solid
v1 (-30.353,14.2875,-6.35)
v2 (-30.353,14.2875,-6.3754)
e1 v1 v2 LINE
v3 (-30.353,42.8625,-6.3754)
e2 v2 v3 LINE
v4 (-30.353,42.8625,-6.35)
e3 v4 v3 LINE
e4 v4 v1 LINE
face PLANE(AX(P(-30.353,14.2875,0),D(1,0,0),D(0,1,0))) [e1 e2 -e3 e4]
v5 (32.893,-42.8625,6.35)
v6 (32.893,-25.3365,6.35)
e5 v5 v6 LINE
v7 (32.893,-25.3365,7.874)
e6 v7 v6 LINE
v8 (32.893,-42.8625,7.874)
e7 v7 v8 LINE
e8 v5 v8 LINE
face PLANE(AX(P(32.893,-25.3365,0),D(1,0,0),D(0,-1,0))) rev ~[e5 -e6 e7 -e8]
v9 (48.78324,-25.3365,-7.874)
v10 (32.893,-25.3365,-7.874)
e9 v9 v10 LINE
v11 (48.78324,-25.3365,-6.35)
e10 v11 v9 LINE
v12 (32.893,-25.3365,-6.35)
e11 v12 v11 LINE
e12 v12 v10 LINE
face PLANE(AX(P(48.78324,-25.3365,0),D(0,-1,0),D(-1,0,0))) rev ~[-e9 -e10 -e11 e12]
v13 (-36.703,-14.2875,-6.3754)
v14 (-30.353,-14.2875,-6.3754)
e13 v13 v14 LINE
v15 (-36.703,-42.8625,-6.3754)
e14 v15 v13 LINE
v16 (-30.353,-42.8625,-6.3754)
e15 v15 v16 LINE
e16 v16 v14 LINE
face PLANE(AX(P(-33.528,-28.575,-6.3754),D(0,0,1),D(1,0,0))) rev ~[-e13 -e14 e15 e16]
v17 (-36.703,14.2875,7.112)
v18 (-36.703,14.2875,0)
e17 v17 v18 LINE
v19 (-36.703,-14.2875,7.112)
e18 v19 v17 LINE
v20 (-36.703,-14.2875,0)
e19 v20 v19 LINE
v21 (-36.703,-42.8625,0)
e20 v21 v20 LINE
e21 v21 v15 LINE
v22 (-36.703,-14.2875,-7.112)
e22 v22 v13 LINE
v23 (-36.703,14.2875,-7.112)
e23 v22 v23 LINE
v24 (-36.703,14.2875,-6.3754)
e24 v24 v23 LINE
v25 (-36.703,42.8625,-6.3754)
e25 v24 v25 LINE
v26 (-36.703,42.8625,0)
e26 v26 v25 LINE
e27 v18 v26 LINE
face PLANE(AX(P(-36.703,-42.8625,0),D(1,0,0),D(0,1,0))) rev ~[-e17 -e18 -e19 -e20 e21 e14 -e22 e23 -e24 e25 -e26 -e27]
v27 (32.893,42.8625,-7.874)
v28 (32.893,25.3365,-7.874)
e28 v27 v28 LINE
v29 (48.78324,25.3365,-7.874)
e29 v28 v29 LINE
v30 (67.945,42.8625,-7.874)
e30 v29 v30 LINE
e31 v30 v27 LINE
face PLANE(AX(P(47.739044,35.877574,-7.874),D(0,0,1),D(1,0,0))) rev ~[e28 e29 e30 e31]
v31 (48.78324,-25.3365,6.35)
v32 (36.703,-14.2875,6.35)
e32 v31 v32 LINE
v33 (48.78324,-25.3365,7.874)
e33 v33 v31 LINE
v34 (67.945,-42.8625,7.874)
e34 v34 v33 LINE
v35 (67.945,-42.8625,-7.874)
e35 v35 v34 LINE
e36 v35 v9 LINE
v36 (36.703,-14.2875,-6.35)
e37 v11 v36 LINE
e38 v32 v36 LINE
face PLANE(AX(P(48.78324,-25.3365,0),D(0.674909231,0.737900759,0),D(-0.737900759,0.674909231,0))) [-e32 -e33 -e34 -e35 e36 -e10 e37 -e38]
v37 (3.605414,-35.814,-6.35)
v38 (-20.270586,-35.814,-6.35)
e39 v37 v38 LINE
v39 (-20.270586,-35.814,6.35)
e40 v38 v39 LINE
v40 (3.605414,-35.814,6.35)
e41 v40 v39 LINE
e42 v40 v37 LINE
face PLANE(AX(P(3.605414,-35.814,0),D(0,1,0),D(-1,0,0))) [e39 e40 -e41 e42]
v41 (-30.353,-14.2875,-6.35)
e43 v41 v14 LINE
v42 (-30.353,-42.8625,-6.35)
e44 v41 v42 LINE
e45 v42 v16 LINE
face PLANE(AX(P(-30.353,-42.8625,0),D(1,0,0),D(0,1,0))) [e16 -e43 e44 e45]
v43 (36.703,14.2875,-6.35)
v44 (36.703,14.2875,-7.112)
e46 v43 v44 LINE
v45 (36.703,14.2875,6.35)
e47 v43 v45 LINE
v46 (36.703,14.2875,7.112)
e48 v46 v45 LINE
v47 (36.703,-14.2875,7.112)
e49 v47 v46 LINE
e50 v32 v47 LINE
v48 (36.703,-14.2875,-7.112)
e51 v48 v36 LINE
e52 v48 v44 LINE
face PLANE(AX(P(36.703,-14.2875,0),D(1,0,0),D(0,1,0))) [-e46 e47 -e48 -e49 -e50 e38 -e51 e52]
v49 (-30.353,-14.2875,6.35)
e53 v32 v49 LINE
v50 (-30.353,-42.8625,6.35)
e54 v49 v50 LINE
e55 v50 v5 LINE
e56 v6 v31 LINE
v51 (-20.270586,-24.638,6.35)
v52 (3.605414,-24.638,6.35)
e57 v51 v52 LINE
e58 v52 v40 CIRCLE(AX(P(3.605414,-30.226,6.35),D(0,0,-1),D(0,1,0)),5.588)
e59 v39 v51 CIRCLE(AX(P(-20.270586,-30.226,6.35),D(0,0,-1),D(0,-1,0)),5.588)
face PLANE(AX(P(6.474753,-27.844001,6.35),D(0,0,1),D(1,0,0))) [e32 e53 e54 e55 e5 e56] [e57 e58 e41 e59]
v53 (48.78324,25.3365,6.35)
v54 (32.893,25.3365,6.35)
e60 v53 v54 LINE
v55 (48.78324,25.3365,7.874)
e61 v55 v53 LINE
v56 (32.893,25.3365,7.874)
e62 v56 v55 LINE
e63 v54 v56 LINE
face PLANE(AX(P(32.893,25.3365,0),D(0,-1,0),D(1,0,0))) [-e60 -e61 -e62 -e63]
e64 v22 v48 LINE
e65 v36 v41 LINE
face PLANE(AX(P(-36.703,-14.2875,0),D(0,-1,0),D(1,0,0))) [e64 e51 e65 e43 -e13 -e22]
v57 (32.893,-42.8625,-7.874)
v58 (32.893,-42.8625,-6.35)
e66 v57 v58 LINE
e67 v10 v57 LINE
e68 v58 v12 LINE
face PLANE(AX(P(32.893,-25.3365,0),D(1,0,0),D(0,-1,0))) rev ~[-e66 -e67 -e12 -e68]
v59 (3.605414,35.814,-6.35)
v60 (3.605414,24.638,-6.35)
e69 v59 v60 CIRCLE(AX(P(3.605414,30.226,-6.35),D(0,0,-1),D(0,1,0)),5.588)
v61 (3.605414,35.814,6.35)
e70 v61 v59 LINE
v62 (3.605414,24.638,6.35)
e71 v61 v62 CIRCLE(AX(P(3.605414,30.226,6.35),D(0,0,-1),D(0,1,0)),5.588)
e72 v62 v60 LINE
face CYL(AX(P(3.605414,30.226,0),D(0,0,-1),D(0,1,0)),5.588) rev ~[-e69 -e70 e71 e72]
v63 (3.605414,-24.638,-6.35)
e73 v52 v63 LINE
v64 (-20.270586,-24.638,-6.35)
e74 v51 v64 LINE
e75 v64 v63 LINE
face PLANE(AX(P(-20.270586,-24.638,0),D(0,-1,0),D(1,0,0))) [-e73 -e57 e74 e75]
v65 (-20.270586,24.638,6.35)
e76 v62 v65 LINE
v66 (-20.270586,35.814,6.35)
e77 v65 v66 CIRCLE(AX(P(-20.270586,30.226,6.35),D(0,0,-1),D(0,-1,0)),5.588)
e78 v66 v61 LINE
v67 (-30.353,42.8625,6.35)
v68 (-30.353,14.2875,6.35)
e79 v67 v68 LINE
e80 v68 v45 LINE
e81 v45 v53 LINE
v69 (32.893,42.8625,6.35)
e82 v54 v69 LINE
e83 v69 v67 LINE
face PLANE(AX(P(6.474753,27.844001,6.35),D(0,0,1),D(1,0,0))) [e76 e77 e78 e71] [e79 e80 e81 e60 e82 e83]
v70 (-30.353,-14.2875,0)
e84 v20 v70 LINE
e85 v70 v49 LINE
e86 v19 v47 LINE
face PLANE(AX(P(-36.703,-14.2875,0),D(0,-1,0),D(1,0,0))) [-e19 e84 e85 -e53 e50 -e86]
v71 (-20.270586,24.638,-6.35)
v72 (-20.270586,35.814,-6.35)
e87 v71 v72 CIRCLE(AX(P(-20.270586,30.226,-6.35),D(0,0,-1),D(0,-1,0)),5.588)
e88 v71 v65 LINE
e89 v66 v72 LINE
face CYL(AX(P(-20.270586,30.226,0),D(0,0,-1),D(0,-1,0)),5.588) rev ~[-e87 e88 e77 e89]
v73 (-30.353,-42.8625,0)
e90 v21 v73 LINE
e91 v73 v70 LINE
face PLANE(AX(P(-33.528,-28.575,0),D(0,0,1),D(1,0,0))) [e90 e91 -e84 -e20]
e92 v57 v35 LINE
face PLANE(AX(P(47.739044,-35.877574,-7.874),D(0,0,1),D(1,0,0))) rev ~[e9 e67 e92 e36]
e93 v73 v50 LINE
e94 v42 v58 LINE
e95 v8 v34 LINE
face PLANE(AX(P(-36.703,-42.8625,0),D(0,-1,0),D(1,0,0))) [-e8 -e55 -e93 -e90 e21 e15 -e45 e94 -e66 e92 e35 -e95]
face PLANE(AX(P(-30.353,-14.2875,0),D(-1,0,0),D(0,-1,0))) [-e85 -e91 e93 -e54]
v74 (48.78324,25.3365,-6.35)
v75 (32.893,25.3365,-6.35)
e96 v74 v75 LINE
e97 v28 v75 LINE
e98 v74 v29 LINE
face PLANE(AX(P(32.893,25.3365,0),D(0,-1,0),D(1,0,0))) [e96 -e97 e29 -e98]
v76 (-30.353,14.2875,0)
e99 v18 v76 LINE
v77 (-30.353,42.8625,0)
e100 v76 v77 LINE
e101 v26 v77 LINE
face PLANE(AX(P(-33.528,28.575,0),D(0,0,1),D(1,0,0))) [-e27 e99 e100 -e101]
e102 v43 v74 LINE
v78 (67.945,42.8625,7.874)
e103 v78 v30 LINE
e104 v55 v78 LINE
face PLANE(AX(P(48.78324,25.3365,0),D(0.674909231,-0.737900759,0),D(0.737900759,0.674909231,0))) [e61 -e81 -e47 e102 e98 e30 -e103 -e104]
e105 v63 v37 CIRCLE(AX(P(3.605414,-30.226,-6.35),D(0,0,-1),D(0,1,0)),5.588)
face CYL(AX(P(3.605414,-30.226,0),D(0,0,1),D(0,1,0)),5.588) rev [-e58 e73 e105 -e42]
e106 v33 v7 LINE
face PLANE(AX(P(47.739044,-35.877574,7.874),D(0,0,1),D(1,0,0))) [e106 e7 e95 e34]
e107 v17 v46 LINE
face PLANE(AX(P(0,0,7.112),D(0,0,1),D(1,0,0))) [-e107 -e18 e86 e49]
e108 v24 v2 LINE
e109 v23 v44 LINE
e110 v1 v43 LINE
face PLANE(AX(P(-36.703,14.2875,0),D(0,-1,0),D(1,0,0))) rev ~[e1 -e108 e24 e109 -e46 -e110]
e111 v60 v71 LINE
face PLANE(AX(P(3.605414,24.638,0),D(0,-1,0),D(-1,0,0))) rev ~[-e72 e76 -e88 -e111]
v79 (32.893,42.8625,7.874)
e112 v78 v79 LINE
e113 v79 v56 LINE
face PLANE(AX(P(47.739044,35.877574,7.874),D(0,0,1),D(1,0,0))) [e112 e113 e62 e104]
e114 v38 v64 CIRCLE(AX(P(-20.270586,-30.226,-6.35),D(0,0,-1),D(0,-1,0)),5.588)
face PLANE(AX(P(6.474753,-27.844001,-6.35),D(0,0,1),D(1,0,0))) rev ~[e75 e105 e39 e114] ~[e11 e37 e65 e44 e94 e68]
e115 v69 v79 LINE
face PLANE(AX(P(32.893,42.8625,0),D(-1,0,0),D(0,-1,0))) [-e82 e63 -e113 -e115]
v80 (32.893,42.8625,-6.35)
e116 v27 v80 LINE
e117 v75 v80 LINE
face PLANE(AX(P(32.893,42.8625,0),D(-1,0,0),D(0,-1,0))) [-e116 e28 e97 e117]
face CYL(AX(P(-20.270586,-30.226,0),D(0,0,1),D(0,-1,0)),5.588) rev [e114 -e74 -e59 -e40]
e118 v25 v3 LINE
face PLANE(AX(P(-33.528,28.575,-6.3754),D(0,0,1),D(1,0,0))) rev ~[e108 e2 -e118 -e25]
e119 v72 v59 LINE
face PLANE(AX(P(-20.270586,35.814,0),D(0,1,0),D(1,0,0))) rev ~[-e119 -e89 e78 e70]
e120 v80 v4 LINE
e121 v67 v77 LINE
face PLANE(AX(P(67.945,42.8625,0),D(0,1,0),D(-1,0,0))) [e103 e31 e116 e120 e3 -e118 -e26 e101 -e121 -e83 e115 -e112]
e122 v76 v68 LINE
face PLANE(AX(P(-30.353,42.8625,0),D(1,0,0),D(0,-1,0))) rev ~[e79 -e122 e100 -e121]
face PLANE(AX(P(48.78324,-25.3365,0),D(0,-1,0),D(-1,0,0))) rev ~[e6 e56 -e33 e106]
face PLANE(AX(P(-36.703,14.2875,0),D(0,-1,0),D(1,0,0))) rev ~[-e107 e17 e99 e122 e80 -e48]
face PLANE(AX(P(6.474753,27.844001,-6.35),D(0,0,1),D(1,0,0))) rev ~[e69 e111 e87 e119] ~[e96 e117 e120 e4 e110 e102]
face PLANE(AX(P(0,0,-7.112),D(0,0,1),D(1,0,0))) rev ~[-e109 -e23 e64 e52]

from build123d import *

# Parameters (mm, degrees)
F0_W     = 73.406
F0_H     = 28.575
F2_DEPTH = 7.112
F3_DEPTH = 6.35
F1_W     = 6.35
F1_H     = 28.575
F4_DEPTH = 6.3754
F5_DEPTH = 7.874


with BuildPart() as f2:
    # F0 (on Top) → F2 (new body, symmetric)
    with BuildSketch(Plane.XY):
        Rectangle(F0_W, F0_H)
    extrude(amount=F2_DEPTH, both=True)

    # F1 (on Top) → F3 (join, symmetric)
    with BuildSketch(Plane.XY):
        Polygon((-30.353, 42.8625), (-30.353, 14.2875), (36.703, 14.2875), (48.78324, 25.3365), (32.893, 25.3365), (32.893, 42.8625), align=None)
        with BuildLine():
            ThreePointArc((-20.270586, 24.638), (-25.858586, 30.226), (-20.270586, 35.814))
            Line((-20.270586, 35.814), (3.605414, 35.814))
            ThreePointArc((3.605414, 35.814), (9.193414, 30.226), (3.605414, 24.638))
            Line((3.605414, 24.638), (-20.270586, 24.638))
        make_face(mode=Mode.SUBTRACT)
        Polygon((36.703, -14.2875), (-30.353, -14.2875), (-30.353, -42.8625), (32.893, -42.8625), (32.893, -25.3365), (48.78324, -25.3365), align=None)
        with BuildLine():
            ThreePointArc((-20.270586, -35.814), (-25.858586, -30.226), (-20.270586, -24.638))
            Line((-20.270586, -24.638), (3.605414, -24.638))
            ThreePointArc((3.605414, -24.638), (9.193414, -30.226), (3.605414, -35.814))
            Line((3.605414, -35.814), (-20.270586, -35.814))
        make_face(mode=Mode.SUBTRACT)
    extrude(amount=F3_DEPTH, both=True)

    # F1 (on Top) → F4 (join)
    with BuildSketch(Plane.XY):
        with Locations((-33.528, -28.575)):
            Rectangle(F1_W, F1_H)
        with Locations((-33.528, 28.575)):
            Rectangle(F1_W, F1_H)
    extrude(amount=-F4_DEPTH)

    # F1 (on Top) → F5 (join, symmetric)
    with BuildSketch(Plane.XY):
        Polygon((32.893, -25.3365), (32.893, -42.8625), (67.945, -42.8625), (48.78324, -25.3365), align=None)
        Polygon((67.945, 42.8625), (32.893, 42.8625), (32.893, 25.3365), (48.78324, 25.3365), align=None)
    extrude(amount=F5_DEPTH, both=True)


solid = f2.part
